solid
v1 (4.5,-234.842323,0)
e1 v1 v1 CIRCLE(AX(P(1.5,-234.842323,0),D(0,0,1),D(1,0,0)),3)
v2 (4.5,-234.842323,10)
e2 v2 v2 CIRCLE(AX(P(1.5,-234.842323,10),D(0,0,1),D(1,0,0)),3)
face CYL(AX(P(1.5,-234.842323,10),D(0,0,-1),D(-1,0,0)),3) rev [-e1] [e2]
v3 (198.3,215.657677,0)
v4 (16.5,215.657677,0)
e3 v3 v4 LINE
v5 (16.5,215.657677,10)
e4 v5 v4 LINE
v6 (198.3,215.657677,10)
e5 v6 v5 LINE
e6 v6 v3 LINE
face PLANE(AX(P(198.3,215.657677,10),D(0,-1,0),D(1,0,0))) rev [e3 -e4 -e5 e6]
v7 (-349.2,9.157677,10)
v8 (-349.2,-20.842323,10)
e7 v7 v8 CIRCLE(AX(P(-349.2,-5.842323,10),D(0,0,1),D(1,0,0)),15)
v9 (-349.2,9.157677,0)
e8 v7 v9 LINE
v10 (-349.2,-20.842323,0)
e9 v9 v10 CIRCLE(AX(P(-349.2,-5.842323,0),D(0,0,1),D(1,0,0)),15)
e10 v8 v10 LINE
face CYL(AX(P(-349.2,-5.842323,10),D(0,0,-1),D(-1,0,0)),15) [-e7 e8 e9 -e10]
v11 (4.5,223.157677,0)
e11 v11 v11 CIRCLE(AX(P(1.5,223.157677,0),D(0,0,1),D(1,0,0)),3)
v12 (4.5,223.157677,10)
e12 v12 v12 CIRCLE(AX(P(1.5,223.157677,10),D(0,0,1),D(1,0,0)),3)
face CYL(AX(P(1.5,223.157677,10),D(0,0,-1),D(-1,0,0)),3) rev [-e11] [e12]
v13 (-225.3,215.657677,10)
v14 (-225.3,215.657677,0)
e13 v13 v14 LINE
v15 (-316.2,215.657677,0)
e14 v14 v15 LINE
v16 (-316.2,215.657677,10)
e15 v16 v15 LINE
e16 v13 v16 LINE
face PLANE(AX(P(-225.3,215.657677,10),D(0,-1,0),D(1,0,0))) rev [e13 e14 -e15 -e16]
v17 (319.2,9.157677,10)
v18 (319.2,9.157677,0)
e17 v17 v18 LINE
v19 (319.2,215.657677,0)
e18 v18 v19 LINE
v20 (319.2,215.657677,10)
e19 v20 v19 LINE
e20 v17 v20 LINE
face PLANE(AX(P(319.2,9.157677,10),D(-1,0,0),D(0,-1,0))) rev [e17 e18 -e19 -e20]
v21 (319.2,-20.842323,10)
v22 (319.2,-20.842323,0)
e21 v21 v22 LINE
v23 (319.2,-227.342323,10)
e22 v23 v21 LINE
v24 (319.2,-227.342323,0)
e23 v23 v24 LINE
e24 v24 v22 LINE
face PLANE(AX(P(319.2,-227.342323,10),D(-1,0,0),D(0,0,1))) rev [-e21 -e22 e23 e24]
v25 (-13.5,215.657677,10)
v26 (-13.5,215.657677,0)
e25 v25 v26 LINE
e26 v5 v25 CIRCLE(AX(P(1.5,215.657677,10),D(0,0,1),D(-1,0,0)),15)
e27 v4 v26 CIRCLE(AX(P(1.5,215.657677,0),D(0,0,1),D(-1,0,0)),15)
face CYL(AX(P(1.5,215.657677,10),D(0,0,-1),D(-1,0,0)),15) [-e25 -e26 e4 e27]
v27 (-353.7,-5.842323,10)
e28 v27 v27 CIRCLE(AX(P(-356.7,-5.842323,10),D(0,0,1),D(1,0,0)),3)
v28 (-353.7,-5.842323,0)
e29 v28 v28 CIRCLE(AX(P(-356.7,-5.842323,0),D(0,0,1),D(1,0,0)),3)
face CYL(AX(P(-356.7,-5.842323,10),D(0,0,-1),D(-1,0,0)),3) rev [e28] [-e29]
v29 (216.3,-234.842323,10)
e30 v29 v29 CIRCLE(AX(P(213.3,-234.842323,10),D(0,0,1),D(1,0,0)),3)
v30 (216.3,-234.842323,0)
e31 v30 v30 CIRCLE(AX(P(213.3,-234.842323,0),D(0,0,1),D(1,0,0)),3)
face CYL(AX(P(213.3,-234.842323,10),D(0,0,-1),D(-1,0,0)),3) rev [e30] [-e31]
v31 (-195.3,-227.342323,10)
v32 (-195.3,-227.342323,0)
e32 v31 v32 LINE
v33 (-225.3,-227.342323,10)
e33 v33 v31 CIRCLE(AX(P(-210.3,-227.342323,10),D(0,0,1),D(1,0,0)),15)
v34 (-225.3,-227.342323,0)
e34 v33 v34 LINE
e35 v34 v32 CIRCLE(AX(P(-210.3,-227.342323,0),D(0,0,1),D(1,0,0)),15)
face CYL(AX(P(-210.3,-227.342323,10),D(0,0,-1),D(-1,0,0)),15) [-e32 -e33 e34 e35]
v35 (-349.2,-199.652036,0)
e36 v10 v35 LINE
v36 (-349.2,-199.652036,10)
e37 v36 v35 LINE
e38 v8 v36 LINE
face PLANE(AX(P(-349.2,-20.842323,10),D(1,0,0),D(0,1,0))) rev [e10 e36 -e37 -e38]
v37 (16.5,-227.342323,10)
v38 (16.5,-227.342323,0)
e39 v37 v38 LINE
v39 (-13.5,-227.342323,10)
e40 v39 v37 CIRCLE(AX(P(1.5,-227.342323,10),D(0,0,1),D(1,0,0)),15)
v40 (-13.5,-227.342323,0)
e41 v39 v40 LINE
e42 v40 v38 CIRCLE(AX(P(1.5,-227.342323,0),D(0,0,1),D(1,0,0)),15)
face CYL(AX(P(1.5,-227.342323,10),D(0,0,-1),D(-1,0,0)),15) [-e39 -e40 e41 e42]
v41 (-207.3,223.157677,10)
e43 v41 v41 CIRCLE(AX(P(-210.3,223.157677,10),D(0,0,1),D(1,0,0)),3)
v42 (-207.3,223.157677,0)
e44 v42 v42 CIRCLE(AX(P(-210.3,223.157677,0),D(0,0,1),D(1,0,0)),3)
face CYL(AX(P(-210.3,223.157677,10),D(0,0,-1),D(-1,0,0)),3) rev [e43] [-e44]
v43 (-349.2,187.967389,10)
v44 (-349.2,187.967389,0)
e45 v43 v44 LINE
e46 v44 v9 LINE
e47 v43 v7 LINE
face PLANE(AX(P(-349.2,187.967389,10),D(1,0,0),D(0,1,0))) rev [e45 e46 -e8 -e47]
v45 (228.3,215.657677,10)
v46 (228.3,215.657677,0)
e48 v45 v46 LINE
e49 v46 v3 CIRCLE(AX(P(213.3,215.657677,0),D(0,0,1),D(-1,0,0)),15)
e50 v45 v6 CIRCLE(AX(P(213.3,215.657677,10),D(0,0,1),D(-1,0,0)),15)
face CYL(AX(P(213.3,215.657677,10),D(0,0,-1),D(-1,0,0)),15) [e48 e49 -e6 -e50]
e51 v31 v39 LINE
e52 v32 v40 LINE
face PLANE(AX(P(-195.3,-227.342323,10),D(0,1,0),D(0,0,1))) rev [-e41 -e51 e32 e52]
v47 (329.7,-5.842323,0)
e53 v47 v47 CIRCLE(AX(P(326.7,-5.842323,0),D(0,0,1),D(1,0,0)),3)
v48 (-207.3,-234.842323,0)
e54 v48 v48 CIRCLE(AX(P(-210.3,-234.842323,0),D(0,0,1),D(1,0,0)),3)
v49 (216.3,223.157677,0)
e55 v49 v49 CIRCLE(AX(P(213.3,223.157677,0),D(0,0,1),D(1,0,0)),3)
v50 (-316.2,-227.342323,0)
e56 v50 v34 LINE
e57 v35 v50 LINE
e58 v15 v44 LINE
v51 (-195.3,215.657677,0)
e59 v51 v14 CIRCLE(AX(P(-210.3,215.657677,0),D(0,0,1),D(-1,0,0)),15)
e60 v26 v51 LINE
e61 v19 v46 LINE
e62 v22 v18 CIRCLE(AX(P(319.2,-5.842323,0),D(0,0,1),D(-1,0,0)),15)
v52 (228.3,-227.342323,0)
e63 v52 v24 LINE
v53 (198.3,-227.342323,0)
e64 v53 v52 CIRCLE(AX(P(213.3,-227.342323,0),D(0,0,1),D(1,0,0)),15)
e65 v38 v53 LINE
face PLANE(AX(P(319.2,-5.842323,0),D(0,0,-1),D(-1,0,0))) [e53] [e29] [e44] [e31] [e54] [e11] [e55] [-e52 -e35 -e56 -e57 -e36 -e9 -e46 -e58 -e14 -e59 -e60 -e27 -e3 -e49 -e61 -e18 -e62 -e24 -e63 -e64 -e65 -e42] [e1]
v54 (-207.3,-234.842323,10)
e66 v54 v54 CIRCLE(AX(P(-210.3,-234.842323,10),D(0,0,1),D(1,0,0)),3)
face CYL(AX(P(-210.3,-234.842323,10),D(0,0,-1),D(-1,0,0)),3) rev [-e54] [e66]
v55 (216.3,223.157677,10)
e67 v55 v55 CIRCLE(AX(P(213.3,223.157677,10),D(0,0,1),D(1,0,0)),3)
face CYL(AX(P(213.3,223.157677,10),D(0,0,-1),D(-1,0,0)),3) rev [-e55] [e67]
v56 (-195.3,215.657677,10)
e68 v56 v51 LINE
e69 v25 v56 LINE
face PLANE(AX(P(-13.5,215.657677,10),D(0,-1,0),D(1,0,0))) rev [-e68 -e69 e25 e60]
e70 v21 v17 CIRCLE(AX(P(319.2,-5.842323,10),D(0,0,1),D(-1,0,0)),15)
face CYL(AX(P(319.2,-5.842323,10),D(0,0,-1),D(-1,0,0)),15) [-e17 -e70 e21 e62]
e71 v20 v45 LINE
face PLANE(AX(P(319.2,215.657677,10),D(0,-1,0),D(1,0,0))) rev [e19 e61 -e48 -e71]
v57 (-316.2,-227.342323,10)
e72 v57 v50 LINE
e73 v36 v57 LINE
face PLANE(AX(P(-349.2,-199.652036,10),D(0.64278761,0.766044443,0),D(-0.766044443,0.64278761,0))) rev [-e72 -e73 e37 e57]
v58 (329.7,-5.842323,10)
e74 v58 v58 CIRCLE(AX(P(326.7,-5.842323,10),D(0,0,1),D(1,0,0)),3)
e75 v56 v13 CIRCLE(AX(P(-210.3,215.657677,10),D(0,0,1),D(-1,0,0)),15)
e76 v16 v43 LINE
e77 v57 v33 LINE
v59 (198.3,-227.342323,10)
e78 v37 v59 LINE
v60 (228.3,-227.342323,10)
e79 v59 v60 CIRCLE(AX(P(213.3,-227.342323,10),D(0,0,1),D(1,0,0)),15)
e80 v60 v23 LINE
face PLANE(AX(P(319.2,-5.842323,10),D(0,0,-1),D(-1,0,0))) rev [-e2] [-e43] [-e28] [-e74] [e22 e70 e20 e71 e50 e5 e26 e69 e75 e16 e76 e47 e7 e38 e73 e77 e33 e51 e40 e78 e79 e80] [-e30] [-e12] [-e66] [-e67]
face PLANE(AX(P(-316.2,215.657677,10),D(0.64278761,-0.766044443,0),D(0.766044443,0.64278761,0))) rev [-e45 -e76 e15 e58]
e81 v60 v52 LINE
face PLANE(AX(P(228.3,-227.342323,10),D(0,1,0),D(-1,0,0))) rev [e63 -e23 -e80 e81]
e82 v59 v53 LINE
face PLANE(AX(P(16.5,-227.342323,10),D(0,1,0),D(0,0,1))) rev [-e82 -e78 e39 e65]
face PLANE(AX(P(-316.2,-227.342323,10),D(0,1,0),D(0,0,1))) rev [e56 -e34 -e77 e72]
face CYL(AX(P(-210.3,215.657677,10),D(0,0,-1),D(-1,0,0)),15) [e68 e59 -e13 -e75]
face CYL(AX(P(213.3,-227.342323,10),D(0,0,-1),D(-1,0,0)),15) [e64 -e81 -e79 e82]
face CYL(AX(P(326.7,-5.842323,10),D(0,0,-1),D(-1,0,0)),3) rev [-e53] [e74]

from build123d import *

# Parameters (mm, degrees)
SKETCH1_R           = 3
BOSS_EXTRUDE1_DEPTH = 10


with BuildPart() as part:
    # Sketch1 → Boss-Extrude1 (new body)
    with BuildSketch(Plane.XY):
        with BuildLine():
            Line((319.2, -227.34232335), (319.2, -20.84232335))
            ThreePointArc((319.2, -20.84232335), (334.2, -5.84232335), (319.2, 9.15767665))
            Line((319.2, 9.15767665), (319.2, 215.65767665))
            Line((319.2, 215.65767665), (228.3, 215.65767665))
            ThreePointArc((228.3, 215.65767665), (213.3, 230.65767665), (198.3, 215.65767665))
            Line((198.3, 215.65767665), (16.5, 215.65767665))
            ThreePointArc((16.5, 215.65767665), (1.5, 230.65767665), (-13.5, 215.65767665))
            Line((-13.5, 215.65767665), (-195.3, 215.65767665))
            ThreePointArc((-195.3, 215.65767665), (-210.3, 230.65767665), (-225.3, 215.65767665))
            Line((-225.3, 215.65767665), (-316.2, 215.65767665))
            Line((-316.2, 215.65767665), (-349.2, 187.967388821))
            Line((-349.2, 187.967388821), (-349.2, 9.15767665))
            ThreePointArc((-349.2, 9.15767665), (-364.2, -5.84232335), (-349.2, -20.84232335))
            Line((-349.2, -20.84232335), (-349.2, -199.652035521))
            Line((-349.2, -199.652035521), (-316.2, -227.34232335))
            Line((-316.2, -227.34232335), (-225.3, -227.34232335))
            ThreePointArc((-225.3, -227.34232335), (-210.3, -242.34232335), (-195.3, -227.34232335))
            Line((-195.3, -227.34232335), (-13.5, -227.34232335))
            ThreePointArc((-13.5, -227.34232335), (1.5, -242.34232335), (16.5, -227.34232335))
            Line((16.5, -227.34232335), (198.3, -227.34232335))
            ThreePointArc((198.3, -227.34232335), (213.3, -242.34232335), (228.3, -227.34232335))
            Line((228.3, -227.34232335), (319.2, -227.34232335))
        make_face()
        with Locations((-210.3, 223.15767665)):
            Circle(SKETCH1_R, mode=Mode.SUBTRACT)
        with Locations((1.5, 223.15767665)):
            Circle(SKETCH1_R, mode=Mode.SUBTRACT)
        with Locations((213.3, 223.15767665)):
            Circle(SKETCH1_R, mode=Mode.SUBTRACT)
        with Locations((326.7, -5.84232335)):
            Circle(SKETCH1_R, mode=Mode.SUBTRACT)
        with Locations((-356.7, -5.84232335)):
            Circle(SKETCH1_R, mode=Mode.SUBTRACT)
        with Locations((-210.3, -234.84232335)):
            Circle(SKETCH1_R, mode=Mode.SUBTRACT)
        with Locations((1.5, -234.84232335)):
            Circle(SKETCH1_R, mode=Mode.SUBTRACT)
        with Locations((213.3, -234.84232335)):
            Circle(SKETCH1_R, mode=Mode.SUBTRACT)
    extrude(amount=BOSS_EXTRUDE1_DEPTH)


solid = part.part
